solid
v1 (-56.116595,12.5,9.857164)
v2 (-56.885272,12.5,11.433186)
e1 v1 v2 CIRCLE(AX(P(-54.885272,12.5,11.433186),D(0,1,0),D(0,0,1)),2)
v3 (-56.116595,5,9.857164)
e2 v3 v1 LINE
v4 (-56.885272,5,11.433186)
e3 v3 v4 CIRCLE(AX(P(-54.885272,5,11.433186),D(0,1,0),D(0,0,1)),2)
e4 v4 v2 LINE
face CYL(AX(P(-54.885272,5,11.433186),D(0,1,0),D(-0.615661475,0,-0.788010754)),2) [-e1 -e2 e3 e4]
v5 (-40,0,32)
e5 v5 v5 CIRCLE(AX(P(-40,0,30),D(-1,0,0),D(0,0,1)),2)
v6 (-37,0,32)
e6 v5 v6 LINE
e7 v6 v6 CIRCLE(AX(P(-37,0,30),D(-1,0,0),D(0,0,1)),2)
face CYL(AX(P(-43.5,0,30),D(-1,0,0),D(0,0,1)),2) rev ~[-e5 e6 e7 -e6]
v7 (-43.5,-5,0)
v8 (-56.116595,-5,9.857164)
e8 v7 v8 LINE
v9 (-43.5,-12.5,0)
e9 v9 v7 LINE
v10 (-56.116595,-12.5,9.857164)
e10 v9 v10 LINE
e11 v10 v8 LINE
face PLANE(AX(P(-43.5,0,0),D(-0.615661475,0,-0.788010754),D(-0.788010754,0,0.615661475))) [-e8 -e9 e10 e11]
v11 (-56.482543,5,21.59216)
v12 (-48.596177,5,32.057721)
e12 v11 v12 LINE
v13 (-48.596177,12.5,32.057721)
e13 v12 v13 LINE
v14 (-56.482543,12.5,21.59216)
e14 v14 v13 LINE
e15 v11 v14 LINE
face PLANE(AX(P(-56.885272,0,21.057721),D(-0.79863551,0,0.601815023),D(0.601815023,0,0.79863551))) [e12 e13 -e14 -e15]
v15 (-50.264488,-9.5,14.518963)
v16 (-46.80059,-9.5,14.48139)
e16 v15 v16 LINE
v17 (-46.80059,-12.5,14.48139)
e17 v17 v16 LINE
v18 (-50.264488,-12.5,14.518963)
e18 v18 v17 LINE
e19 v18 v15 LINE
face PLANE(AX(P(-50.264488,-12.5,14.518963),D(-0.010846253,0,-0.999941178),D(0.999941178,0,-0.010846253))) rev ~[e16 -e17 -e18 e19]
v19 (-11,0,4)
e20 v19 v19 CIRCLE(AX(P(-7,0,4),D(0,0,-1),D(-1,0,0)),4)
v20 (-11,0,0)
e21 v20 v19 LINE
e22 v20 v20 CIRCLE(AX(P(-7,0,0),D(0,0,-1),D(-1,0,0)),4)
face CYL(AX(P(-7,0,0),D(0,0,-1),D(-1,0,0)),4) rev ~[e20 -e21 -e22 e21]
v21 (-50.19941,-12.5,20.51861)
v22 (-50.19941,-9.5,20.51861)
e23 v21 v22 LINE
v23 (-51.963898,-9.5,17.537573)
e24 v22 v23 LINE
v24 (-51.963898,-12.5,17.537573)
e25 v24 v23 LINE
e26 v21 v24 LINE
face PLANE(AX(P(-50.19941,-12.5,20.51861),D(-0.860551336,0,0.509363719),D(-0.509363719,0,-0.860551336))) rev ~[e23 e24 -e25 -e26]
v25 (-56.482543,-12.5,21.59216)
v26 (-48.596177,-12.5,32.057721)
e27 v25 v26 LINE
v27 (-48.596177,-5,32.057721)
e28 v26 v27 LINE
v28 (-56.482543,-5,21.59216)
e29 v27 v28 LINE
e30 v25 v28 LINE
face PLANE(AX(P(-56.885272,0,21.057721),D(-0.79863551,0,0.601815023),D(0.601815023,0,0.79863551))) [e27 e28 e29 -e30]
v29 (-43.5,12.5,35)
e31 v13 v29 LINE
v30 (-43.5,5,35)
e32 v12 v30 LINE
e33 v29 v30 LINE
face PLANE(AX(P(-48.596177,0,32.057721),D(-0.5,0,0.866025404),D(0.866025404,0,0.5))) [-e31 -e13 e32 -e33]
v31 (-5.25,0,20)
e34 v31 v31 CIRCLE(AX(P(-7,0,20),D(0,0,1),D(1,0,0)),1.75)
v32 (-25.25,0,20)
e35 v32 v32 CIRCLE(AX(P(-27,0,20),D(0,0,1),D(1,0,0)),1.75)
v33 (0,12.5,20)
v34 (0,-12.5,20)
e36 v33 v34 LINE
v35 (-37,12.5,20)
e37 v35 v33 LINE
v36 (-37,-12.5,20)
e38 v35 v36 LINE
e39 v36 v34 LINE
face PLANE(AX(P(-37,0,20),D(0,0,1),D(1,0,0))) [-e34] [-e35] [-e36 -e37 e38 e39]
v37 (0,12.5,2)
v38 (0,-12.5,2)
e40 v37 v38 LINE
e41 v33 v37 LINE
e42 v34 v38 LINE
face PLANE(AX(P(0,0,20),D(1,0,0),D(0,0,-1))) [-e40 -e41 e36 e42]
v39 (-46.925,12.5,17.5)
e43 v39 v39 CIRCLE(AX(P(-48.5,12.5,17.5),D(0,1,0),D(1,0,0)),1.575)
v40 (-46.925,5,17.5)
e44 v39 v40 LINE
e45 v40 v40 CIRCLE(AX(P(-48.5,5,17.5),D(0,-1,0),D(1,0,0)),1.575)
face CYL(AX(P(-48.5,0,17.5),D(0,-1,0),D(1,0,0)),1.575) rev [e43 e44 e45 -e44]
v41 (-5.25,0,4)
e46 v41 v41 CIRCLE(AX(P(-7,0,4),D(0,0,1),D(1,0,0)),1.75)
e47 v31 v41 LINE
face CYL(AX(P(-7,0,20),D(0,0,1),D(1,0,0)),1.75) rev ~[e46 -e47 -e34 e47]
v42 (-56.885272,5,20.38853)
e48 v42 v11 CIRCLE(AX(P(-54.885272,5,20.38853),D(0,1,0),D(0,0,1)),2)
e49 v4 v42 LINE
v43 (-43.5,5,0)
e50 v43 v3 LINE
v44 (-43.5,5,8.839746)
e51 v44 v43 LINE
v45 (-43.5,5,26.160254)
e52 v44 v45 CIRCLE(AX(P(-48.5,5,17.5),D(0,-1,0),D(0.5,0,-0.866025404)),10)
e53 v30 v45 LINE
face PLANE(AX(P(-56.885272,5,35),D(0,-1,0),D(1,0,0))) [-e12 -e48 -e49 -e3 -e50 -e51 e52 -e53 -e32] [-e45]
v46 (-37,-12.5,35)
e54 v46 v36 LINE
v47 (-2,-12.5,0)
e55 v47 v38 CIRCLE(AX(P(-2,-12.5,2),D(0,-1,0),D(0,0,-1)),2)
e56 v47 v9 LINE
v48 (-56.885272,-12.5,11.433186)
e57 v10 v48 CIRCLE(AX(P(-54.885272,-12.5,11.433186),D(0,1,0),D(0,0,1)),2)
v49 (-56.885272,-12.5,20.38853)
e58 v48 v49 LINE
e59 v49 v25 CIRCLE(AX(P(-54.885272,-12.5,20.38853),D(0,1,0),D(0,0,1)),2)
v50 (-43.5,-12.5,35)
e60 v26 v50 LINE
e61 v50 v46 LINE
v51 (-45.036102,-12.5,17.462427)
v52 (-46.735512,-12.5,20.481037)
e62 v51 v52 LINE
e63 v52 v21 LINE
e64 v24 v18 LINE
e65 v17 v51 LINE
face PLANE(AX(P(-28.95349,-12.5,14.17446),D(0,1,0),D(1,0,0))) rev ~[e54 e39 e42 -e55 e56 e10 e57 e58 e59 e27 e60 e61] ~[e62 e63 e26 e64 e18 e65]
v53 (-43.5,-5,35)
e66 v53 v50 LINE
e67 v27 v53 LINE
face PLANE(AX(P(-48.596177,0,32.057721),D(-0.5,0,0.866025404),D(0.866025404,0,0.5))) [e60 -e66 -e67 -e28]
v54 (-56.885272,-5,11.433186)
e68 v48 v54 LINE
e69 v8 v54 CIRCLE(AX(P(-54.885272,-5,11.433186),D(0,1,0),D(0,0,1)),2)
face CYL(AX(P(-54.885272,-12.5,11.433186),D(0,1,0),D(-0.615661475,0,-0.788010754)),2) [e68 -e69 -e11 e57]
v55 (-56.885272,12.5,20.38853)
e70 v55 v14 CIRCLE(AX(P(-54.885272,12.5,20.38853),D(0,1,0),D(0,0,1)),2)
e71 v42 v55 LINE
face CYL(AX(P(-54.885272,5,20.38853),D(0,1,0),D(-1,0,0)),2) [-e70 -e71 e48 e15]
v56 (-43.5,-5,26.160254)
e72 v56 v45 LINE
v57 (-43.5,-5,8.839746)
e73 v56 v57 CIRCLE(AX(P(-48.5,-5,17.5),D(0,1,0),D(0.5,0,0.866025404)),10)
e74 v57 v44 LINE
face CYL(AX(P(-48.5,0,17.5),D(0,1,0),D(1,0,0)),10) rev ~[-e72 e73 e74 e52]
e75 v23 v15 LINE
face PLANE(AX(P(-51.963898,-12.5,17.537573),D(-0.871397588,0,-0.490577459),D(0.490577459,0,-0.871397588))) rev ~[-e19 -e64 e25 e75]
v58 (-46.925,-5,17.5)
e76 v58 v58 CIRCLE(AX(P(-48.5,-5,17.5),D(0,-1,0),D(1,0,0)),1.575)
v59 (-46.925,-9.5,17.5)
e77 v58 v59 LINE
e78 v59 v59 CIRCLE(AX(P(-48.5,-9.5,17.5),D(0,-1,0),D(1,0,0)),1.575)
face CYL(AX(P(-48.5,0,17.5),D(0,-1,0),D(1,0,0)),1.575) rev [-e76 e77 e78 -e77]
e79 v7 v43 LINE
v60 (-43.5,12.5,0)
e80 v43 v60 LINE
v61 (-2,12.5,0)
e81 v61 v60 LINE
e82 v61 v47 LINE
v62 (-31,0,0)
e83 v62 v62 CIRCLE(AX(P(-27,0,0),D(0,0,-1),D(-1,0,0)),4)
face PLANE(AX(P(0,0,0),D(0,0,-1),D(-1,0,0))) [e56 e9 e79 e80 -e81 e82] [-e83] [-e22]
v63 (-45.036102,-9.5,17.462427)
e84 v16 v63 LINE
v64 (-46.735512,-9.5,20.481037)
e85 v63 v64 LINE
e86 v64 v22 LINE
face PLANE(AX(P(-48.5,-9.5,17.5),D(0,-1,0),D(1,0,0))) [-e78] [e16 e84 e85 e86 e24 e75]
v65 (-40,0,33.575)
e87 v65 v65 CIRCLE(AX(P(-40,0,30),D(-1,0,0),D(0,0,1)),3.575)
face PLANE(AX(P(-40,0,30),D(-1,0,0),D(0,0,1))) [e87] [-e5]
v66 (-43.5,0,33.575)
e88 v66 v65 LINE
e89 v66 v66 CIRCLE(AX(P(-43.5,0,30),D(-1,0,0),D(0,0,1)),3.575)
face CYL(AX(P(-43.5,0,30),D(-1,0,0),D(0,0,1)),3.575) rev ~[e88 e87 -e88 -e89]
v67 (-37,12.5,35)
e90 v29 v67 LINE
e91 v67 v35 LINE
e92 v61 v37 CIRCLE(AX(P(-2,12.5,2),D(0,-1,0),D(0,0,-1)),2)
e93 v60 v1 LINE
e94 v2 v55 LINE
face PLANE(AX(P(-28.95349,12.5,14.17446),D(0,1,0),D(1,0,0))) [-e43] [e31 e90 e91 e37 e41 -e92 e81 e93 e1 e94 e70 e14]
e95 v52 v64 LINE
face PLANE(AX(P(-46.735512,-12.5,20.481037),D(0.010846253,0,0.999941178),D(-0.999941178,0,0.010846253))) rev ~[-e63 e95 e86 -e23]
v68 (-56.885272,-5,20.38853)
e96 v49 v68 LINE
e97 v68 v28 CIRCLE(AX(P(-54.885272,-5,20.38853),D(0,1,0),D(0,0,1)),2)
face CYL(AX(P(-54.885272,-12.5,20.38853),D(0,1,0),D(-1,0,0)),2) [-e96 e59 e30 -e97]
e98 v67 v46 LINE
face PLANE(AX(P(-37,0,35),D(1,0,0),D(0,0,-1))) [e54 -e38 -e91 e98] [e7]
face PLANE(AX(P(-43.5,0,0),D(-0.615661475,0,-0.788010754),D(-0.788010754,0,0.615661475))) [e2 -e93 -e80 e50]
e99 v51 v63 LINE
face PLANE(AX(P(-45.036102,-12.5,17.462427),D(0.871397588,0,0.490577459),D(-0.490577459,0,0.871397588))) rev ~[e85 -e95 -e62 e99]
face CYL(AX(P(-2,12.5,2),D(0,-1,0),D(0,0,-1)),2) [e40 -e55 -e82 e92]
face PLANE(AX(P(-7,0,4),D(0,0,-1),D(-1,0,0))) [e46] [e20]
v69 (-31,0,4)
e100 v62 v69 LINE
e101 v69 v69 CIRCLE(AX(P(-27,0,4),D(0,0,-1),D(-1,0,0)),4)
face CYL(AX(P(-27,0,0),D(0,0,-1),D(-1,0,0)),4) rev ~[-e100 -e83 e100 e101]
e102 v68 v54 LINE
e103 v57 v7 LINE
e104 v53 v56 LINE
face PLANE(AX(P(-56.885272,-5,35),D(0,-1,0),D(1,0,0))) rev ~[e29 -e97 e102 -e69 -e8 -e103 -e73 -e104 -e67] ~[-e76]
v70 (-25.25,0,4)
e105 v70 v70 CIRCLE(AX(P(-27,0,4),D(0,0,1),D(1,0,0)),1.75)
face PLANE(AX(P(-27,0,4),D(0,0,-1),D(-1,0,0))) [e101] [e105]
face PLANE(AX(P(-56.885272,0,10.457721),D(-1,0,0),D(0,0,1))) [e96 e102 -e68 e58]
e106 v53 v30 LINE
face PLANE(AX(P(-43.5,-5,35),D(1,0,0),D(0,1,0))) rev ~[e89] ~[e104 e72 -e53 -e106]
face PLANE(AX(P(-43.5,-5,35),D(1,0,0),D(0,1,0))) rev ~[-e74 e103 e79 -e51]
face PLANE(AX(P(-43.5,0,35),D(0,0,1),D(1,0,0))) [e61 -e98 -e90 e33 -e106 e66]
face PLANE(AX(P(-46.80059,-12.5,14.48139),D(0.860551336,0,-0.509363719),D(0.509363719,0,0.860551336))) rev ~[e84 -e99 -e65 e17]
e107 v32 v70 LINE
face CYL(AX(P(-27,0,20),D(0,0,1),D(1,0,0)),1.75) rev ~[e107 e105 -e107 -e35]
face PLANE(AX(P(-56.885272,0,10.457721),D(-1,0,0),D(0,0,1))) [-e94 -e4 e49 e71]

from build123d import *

# Parameters (mm, degrees)
SKETCH1_R               = 1.575
BOSS_EXTRUDE1_DEPTH     = 12.5
SKETCH2_W               = 13.385271969
SKETCH2_H               = 10
CUT_EXTRUDE1_DEPTH      = 36
SKETCH3_R               = 1.75
CUT_EXTRUDE2_DEPTH      = 25
SKETCH4_R               = 4
CUT_EXTRUDE3_DEPTH      = 4
FILLET1_R               = 2
SKETCH5_R               = 2
CUT_EXTRUDE4_DEPTH      = 10
SKETCH7_R               = 3.575
CUT_EXTRUDE5_DEPTH      = 3.5
SKETCH8_R               = 10
CUT_EXTRUDE6_DEPTH      = 5
CUT_EXTRUDE6_DEPTH_BACK = 5
CUT_EXTRUDE7_DEPTH      = 3


with BuildPart() as part:
    # Sketch1 → Boss-Extrude1 (new body, symmetric)
    with BuildSketch(Plane(origin=(0, 0, 0), x_dir=(1, 0, 0), z_dir=(0, 1, 0))):
        Polygon((0, 0), (-43.5, 0), (-56.885271969, -10.457720596), (-56.885271969, -21.057720596), (-48.596177418, -32.057720596), (-43.5, -35), (-37, -35), (-37, -20), (0, -20), align=None)
        with Locations((-48.5, -17.5)):
            Circle(SKETCH1_R, mode=Mode.SUBTRACT)
    extrude(amount=BOSS_EXTRUDE1_DEPTH, both=True)

    # Sketch2 → Cut-Extrude1 (cut, through all)
    with BuildSketch(Plane.XY.offset(35)):
        with Locations((-50.192635985, 0)):
            Rectangle(SKETCH2_W, SKETCH2_H)
    extrude(amount=-CUT_EXTRUDE1_DEPTH, mode=Mode.SUBTRACT)

    # Sketch3 → Cut-Extrude2 (cut)
    with BuildSketch(Plane.XY.offset(20)):
        with Locations((-27, 0)):
            Circle(SKETCH3_R)
        with Locations((-7, 0)):
            Circle(SKETCH3_R)
    extrude(amount=-CUT_EXTRUDE2_DEPTH, mode=Mode.SUBTRACT)

    # Sketch4 → Cut-Extrude3 (cut)
    with BuildSketch(Plane(origin=(0, 0, 0), x_dir=(-1, 0, 0), z_dir=(0, 0, -1))):
        with Locations((7, 0)):
            Circle(SKETCH4_R)
        with Locations((27, 0)):
            Circle(SKETCH4_R)
    extrude(amount=-CUT_EXTRUDE3_DEPTH, mode=Mode.SUBTRACT)

    # Fillet1
    fillet1_edges = [part.edges().sort_by_distance(p)[0] for p in [
        (-56.885271969, 8.75, 21.057720596),
        (-56.885271969, 8.75, 10.457720596),
        (0, 0, 0),
        (-56.885271969, -8.75, 21.057720596),
        (-56.885271969, -8.75, 10.457720596),
    ]]
    fillet(fillet1_edges, radius=FILLET1_R)

    # Sketch5 → Cut-Extrude4 (cut)
    with BuildSketch(Plane.ZY.offset(43.5)):
        with Locations((30, 0)):
            Circle(SKETCH5_R)
    extrude(amount=-CUT_EXTRUDE4_DEPTH, mode=Mode.SUBTRACT)

    # Sketch7 → Cut-Extrude5 (cut)
    with BuildSketch(Plane.ZY.offset(43.5)):
        with Locations((30, 0)):
            Circle(SKETCH7_R)
    extrude(amount=-CUT_EXTRUDE5_DEPTH, mode=Mode.SUBTRACT)

    # Sketch8 → Cut-Extrude6 (cut, two sides)
    with BuildSketch(Plane(origin=(0, 0, 0), x_dir=(1, 0, 0), z_dir=(0, 1, 0))) as cut_extrude6_sk:
        with Locations((-48.5, -17.5)):
            Circle(SKETCH8_R)
    extrude(amount=CUT_EXTRUDE6_DEPTH, mode=Mode.SUBTRACT)
    extrude(cut_extrude6_sk.sketch, amount=-CUT_EXTRUDE6_DEPTH_BACK, mode=Mode.SUBTRACT)

    # Sketch9 → Cut-Extrude7 (cut)
    with BuildSketch(Plane.XZ.offset(12.5)):
        Polygon((-46.800589834, 14.481390206), (-45.036102151, 17.462427479), (-46.735512318, 20.481037272), (-50.199410166, 20.518609794), (-51.963897849, 17.537572521), (-50.264487682, 14.518962728), align=None)
    extrude(amount=-CUT_EXTRUDE7_DEPTH, mode=Mode.SUBTRACT)


solid = part.part
